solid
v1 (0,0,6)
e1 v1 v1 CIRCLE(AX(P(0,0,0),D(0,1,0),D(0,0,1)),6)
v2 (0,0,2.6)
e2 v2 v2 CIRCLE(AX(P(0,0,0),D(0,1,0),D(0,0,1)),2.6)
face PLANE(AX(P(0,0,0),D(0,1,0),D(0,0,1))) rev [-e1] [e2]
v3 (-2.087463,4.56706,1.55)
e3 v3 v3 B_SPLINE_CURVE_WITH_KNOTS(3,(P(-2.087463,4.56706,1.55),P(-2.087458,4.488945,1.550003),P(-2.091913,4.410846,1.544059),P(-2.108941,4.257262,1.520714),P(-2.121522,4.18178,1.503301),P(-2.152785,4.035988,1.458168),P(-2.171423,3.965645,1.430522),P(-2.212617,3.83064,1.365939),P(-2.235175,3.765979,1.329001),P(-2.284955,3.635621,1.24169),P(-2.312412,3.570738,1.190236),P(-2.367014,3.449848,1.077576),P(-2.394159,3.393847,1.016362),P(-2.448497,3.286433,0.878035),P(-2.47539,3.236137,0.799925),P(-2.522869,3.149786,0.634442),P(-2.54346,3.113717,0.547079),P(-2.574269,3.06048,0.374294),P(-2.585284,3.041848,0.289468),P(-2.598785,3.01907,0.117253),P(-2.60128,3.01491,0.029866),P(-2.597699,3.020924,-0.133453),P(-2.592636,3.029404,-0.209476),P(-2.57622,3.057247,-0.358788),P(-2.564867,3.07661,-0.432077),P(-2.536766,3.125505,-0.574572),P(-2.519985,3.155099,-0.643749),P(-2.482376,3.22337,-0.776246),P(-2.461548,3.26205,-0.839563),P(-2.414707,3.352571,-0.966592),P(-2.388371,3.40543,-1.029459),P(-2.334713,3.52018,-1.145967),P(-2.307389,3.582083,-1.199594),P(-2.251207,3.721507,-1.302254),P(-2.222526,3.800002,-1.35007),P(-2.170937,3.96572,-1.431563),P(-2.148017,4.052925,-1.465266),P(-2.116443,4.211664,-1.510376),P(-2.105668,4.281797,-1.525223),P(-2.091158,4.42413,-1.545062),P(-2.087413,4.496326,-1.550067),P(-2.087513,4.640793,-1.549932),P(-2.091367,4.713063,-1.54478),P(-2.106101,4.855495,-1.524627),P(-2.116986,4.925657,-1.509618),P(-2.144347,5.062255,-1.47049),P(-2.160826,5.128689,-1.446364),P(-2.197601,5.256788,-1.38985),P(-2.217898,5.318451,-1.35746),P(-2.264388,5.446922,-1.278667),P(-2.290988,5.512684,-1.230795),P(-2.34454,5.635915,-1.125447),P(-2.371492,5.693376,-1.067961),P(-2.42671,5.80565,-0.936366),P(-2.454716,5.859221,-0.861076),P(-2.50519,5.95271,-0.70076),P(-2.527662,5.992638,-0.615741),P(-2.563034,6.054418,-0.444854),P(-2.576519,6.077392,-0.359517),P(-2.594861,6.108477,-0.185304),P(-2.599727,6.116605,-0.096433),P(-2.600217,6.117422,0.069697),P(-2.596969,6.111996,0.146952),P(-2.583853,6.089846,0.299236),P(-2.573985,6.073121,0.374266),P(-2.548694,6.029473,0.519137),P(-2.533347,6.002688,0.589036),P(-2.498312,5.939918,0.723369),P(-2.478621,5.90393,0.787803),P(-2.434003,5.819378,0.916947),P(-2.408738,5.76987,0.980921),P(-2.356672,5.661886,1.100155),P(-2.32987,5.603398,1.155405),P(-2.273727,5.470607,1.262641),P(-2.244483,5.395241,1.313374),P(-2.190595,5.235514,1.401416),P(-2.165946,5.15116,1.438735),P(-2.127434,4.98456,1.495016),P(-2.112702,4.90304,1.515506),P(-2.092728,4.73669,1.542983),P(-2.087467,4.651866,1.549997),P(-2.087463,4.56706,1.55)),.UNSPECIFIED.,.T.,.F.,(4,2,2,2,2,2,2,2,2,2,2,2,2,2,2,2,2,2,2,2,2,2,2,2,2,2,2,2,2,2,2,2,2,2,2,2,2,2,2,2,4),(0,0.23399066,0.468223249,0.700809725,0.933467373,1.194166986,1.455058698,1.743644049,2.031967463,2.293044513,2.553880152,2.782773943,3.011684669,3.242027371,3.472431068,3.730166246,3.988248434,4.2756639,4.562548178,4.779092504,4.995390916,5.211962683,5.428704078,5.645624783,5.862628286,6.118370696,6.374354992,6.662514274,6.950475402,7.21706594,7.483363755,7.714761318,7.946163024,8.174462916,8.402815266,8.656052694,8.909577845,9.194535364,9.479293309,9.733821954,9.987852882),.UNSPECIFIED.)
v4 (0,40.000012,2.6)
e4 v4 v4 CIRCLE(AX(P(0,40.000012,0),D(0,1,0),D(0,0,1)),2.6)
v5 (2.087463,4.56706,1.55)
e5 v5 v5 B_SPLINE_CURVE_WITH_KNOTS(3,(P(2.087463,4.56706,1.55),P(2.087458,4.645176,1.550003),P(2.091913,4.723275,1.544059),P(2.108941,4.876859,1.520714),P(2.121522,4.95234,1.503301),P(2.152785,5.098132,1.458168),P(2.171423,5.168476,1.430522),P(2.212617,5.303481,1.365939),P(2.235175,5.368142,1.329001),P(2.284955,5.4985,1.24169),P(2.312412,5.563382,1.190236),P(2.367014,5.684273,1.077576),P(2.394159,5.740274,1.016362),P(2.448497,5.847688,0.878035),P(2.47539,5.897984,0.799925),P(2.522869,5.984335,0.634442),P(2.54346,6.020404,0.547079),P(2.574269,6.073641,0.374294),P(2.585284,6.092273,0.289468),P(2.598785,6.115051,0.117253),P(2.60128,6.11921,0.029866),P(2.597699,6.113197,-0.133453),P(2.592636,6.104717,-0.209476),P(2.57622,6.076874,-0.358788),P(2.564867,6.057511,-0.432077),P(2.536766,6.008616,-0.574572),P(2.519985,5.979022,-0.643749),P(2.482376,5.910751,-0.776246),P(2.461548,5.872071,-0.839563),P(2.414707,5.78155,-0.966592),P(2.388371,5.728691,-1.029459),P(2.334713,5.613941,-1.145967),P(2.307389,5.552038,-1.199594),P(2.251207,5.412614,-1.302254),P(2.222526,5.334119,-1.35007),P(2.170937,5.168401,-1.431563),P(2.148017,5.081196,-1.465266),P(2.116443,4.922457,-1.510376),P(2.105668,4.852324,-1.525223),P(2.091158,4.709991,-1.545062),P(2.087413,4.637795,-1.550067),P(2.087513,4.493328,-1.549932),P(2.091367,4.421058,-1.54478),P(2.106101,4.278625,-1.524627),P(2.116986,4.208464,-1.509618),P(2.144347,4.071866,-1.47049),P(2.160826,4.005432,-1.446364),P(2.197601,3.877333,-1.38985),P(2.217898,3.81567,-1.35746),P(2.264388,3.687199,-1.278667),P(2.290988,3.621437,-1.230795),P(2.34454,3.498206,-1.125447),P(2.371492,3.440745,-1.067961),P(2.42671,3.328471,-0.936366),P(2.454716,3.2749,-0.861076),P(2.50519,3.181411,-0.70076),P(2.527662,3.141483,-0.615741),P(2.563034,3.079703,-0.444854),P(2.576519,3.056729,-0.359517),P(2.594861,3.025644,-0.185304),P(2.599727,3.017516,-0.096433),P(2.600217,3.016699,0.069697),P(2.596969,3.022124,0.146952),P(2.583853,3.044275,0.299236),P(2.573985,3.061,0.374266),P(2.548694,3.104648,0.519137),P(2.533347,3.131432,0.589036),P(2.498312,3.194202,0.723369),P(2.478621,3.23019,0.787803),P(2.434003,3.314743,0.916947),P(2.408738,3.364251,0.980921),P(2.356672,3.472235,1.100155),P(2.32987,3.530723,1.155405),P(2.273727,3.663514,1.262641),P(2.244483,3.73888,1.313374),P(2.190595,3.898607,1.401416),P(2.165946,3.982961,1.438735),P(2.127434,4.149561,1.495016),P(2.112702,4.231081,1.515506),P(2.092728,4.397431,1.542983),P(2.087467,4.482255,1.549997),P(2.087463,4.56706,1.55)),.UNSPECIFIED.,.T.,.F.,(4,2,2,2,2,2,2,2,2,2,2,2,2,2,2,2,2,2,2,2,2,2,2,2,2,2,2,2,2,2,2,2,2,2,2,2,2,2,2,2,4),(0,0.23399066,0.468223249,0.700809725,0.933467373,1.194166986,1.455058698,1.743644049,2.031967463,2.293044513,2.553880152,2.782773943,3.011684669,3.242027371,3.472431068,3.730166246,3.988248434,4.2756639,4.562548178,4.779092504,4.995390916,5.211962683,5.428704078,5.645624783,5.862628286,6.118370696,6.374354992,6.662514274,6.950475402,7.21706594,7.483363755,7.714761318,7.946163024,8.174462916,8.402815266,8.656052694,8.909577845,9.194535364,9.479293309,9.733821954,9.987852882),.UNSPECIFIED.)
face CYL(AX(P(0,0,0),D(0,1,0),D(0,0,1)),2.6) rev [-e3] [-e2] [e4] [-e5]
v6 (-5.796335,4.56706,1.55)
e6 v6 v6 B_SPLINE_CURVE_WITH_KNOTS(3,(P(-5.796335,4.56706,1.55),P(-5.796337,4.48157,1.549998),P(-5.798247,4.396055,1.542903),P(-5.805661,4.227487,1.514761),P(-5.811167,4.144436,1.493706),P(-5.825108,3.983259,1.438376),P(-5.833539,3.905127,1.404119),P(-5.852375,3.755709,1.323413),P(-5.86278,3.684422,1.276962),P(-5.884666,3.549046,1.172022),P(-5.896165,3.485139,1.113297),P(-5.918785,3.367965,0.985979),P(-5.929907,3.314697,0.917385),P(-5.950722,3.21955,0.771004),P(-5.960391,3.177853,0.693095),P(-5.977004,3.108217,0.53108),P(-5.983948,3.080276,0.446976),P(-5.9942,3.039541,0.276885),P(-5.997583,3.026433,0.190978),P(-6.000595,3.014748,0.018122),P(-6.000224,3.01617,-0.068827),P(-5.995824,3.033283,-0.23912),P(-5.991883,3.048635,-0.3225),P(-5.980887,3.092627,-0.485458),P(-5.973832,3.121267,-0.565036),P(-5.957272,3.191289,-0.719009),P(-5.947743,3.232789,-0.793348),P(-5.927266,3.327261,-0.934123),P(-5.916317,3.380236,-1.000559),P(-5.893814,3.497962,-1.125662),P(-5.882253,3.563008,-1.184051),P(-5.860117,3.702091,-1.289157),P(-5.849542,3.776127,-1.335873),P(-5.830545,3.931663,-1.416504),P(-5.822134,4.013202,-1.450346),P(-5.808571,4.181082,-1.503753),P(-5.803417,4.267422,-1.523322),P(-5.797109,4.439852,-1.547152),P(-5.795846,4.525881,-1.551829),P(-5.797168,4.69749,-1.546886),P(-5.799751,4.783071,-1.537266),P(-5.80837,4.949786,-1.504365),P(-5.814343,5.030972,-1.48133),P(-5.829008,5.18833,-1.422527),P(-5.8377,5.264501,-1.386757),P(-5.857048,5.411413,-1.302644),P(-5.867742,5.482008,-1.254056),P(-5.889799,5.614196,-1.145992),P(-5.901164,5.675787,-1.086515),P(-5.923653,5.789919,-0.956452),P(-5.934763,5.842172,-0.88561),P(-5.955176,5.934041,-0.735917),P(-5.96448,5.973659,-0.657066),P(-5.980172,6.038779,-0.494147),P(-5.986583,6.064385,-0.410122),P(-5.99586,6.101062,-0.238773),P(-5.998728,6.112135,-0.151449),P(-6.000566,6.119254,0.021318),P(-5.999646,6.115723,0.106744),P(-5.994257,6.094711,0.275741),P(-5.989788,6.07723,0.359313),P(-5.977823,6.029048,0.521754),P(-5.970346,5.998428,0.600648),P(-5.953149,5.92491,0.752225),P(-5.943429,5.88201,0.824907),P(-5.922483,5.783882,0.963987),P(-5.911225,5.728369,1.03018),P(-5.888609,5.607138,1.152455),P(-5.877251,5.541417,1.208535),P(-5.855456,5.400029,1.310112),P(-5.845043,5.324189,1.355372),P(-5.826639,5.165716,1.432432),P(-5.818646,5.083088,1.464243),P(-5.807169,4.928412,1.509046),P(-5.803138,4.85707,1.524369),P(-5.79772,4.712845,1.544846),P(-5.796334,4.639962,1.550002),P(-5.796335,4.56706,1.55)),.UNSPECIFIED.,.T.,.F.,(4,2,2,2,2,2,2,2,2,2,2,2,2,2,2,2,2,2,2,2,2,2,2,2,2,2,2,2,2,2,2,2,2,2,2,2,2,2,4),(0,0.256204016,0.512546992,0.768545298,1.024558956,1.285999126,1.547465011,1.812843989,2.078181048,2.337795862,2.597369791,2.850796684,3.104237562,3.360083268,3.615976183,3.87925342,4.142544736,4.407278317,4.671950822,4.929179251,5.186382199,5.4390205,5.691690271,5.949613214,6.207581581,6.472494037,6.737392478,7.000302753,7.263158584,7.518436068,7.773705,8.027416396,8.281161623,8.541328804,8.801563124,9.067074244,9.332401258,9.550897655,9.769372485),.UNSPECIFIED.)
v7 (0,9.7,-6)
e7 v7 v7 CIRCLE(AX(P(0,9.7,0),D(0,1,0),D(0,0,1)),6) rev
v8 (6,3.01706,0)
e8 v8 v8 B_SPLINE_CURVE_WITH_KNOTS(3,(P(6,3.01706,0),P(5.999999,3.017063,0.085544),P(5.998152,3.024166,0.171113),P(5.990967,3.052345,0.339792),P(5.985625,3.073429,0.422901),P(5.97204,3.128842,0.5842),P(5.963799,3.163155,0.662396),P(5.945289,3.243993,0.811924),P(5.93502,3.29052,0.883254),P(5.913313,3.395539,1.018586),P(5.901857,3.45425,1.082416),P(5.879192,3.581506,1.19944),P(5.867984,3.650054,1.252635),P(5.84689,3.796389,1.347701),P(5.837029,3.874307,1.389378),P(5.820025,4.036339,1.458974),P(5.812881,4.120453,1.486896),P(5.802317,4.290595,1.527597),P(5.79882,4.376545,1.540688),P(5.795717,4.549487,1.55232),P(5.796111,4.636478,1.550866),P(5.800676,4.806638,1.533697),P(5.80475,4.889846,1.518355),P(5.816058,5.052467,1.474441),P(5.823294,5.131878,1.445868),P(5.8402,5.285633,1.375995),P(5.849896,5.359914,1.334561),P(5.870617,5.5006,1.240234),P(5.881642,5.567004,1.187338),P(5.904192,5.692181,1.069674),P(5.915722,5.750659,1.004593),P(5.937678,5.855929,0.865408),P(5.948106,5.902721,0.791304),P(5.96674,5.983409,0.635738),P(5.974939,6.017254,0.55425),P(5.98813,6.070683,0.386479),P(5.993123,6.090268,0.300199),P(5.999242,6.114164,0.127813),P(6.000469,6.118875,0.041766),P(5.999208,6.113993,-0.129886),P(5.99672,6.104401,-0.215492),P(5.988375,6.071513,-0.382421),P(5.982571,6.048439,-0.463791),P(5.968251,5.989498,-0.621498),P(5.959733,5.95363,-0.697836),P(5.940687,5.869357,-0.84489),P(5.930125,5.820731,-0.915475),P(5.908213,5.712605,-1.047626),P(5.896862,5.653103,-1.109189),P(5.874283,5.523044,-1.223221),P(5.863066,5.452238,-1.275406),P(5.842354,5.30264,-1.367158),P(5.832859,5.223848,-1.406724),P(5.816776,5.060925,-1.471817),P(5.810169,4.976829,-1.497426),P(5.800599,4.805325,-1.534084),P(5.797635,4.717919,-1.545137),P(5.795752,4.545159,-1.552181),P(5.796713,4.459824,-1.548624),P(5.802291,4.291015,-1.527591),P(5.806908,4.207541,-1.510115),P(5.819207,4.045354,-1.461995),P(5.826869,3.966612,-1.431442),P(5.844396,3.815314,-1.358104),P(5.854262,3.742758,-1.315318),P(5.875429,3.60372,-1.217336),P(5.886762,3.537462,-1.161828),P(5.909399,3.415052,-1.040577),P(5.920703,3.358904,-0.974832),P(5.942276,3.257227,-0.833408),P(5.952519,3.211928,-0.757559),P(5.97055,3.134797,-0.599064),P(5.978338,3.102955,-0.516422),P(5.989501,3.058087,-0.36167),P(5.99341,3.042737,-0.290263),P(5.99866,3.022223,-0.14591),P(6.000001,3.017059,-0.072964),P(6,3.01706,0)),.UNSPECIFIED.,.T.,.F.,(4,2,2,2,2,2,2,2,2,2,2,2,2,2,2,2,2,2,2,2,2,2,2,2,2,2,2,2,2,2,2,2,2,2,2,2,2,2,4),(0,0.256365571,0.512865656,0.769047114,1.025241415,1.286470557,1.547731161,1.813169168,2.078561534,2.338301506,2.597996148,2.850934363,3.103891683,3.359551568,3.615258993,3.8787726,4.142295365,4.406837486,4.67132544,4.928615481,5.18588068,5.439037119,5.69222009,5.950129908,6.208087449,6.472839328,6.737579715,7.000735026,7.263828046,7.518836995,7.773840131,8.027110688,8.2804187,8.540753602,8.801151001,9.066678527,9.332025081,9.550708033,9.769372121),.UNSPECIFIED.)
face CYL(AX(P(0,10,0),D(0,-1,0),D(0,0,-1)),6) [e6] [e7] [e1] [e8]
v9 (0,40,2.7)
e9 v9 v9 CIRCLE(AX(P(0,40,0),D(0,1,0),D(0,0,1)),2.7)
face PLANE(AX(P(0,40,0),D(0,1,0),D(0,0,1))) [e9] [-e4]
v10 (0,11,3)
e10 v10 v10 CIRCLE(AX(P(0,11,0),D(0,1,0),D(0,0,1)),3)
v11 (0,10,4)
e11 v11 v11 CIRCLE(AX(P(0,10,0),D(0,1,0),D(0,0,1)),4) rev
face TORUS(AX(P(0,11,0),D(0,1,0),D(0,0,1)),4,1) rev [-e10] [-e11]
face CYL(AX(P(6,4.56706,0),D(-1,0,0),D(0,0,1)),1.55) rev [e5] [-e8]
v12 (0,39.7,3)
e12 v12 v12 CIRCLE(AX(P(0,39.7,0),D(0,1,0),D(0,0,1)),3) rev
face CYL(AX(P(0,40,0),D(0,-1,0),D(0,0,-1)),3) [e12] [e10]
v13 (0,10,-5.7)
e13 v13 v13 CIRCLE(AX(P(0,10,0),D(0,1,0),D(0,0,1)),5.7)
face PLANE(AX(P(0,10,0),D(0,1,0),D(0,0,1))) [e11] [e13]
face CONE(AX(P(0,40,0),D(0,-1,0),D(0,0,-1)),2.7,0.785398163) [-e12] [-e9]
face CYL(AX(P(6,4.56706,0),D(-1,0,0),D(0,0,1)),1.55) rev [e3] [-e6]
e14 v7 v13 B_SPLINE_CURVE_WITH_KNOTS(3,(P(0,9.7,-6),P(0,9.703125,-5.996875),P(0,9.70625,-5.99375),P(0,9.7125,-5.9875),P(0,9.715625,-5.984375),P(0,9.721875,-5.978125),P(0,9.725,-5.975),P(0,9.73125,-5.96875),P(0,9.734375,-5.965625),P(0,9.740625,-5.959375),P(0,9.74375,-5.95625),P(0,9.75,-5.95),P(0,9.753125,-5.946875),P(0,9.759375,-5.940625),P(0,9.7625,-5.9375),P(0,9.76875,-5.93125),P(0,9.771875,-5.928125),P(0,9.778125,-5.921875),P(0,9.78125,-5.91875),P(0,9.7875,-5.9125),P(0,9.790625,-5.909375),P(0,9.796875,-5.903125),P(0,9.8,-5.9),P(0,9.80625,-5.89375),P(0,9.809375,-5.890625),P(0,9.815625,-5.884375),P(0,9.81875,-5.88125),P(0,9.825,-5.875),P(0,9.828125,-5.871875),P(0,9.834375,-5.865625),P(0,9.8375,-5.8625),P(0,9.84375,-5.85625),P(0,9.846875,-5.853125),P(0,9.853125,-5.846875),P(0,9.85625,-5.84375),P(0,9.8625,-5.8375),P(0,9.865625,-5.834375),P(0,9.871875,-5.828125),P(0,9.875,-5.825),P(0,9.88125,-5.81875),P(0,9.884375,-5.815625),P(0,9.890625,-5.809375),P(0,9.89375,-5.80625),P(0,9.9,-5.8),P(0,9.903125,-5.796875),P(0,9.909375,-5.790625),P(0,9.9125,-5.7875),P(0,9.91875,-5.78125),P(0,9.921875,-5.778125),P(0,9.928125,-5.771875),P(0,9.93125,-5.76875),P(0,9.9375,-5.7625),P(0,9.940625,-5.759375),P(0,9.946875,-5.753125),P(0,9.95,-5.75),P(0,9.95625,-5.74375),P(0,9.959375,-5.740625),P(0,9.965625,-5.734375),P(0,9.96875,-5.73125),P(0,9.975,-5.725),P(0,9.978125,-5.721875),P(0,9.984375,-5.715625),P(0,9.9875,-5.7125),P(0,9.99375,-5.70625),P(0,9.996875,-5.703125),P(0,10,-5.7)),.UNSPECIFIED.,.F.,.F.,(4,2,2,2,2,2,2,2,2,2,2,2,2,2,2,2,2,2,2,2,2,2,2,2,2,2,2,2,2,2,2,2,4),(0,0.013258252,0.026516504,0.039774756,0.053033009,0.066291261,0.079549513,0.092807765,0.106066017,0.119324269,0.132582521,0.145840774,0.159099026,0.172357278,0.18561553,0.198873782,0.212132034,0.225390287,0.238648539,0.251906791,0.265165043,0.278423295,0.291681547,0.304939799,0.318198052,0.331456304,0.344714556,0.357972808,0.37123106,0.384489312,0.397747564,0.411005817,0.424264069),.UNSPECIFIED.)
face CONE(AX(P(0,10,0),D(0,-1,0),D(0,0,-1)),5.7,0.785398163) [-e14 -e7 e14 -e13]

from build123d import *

# Parameters (mm, degrees)
SKETCH6_R               = 6
BOSS_EXTRUDE4_DEPTH     = 10
SKETCH7_R               = 3
BOSS_EXTRUDE5_DEPTH     = 30
CHAMFER1_SIZE           = 0.3
CHAMFER2_SIZE           = 0.3
CUT_EXTRUDE4_DEPTH      = 43.190046219
CUT_EXTRUDE4_DEPTH_BACK = 43.190046219
SKETCH10_R              = 1.55
CUT_EXTRUDE5_DEPTH      = 41.890096728
CUT_EXTRUDE5_DEPTH_BACK = 41.890096728
SKETCH11_R              = 2.6
FILLET1_R               = 1


with BuildPart() as part:
    # Sketch6 → Boss-Extrude4 (new body)
    with BuildSketch(Plane(origin=(0, 0, 0), x_dir=(1, 0, 0), z_dir=(0, 1, 0))):
        with Locations(Location((0, 0, 0), (0, 0, 270))):
            Circle(SKETCH6_R)
    extrude(amount=BOSS_EXTRUDE4_DEPTH)

    # Sketch7 → Boss-Extrude5 (add)
    with BuildSketch(Plane(origin=(0, 10, 0), x_dir=(1, 0, 0), z_dir=(0, 1, 0))):
        with Locations(Location((0, 0, 0), (0, 0, 270))):
            Circle(SKETCH7_R)
    extrude(amount=BOSS_EXTRUDE5_DEPTH)

    # Chamfer1
    chamfer1_edges = [part.edges().sort_by_distance(p)[0] for p in [
        (0, 40, -3),
    ]]
    chamfer(chamfer1_edges, length=CHAMFER1_SIZE)

    # Chamfer2
    chamfer2_edges = [part.edges().sort_by_distance(p)[0] for p in [
        (0, 10, -6),
    ]]
    chamfer(chamfer2_edges, length=CHAMFER2_SIZE)

    # Sketch10 → Cut-Extrude4 (cut, two sides: drawn at the far end of the back side and taken through both)
    with BuildSketch(Plane.ZY.offset(6).offset(-CUT_EXTRUDE4_DEPTH_BACK)):
        with Locations((0, 4.567060469)):
            Circle(SKETCH10_R)
    extrude(amount=CUT_EXTRUDE4_DEPTH + CUT_EXTRUDE4_DEPTH_BACK, mode=Mode.SUBTRACT)

    # Sketch11 → Cut-Extrude5 (cut, two sides: drawn at the far end of the back side and taken through both)
    with BuildSketch(Plane(origin=(0, 40, 0), x_dir=(1, 0, 0), z_dir=(0, 1, 0)).offset(-CUT_EXTRUDE5_DEPTH_BACK)):
        with Locations(Location((0, 0, 0), (0, 0, 270))):
            Circle(SKETCH11_R)
    extrude(amount=CUT_EXTRUDE5_DEPTH + CUT_EXTRUDE5_DEPTH_BACK, mode=Mode.SUBTRACT)

    # Fillet1
    fillet1_edges = [part.edges().sort_by_distance(p)[0] for p in [
        (0, 10, -3),
    ]]
    fillet(fillet1_edges, radius=FILLET1_R)


solid = part.part
